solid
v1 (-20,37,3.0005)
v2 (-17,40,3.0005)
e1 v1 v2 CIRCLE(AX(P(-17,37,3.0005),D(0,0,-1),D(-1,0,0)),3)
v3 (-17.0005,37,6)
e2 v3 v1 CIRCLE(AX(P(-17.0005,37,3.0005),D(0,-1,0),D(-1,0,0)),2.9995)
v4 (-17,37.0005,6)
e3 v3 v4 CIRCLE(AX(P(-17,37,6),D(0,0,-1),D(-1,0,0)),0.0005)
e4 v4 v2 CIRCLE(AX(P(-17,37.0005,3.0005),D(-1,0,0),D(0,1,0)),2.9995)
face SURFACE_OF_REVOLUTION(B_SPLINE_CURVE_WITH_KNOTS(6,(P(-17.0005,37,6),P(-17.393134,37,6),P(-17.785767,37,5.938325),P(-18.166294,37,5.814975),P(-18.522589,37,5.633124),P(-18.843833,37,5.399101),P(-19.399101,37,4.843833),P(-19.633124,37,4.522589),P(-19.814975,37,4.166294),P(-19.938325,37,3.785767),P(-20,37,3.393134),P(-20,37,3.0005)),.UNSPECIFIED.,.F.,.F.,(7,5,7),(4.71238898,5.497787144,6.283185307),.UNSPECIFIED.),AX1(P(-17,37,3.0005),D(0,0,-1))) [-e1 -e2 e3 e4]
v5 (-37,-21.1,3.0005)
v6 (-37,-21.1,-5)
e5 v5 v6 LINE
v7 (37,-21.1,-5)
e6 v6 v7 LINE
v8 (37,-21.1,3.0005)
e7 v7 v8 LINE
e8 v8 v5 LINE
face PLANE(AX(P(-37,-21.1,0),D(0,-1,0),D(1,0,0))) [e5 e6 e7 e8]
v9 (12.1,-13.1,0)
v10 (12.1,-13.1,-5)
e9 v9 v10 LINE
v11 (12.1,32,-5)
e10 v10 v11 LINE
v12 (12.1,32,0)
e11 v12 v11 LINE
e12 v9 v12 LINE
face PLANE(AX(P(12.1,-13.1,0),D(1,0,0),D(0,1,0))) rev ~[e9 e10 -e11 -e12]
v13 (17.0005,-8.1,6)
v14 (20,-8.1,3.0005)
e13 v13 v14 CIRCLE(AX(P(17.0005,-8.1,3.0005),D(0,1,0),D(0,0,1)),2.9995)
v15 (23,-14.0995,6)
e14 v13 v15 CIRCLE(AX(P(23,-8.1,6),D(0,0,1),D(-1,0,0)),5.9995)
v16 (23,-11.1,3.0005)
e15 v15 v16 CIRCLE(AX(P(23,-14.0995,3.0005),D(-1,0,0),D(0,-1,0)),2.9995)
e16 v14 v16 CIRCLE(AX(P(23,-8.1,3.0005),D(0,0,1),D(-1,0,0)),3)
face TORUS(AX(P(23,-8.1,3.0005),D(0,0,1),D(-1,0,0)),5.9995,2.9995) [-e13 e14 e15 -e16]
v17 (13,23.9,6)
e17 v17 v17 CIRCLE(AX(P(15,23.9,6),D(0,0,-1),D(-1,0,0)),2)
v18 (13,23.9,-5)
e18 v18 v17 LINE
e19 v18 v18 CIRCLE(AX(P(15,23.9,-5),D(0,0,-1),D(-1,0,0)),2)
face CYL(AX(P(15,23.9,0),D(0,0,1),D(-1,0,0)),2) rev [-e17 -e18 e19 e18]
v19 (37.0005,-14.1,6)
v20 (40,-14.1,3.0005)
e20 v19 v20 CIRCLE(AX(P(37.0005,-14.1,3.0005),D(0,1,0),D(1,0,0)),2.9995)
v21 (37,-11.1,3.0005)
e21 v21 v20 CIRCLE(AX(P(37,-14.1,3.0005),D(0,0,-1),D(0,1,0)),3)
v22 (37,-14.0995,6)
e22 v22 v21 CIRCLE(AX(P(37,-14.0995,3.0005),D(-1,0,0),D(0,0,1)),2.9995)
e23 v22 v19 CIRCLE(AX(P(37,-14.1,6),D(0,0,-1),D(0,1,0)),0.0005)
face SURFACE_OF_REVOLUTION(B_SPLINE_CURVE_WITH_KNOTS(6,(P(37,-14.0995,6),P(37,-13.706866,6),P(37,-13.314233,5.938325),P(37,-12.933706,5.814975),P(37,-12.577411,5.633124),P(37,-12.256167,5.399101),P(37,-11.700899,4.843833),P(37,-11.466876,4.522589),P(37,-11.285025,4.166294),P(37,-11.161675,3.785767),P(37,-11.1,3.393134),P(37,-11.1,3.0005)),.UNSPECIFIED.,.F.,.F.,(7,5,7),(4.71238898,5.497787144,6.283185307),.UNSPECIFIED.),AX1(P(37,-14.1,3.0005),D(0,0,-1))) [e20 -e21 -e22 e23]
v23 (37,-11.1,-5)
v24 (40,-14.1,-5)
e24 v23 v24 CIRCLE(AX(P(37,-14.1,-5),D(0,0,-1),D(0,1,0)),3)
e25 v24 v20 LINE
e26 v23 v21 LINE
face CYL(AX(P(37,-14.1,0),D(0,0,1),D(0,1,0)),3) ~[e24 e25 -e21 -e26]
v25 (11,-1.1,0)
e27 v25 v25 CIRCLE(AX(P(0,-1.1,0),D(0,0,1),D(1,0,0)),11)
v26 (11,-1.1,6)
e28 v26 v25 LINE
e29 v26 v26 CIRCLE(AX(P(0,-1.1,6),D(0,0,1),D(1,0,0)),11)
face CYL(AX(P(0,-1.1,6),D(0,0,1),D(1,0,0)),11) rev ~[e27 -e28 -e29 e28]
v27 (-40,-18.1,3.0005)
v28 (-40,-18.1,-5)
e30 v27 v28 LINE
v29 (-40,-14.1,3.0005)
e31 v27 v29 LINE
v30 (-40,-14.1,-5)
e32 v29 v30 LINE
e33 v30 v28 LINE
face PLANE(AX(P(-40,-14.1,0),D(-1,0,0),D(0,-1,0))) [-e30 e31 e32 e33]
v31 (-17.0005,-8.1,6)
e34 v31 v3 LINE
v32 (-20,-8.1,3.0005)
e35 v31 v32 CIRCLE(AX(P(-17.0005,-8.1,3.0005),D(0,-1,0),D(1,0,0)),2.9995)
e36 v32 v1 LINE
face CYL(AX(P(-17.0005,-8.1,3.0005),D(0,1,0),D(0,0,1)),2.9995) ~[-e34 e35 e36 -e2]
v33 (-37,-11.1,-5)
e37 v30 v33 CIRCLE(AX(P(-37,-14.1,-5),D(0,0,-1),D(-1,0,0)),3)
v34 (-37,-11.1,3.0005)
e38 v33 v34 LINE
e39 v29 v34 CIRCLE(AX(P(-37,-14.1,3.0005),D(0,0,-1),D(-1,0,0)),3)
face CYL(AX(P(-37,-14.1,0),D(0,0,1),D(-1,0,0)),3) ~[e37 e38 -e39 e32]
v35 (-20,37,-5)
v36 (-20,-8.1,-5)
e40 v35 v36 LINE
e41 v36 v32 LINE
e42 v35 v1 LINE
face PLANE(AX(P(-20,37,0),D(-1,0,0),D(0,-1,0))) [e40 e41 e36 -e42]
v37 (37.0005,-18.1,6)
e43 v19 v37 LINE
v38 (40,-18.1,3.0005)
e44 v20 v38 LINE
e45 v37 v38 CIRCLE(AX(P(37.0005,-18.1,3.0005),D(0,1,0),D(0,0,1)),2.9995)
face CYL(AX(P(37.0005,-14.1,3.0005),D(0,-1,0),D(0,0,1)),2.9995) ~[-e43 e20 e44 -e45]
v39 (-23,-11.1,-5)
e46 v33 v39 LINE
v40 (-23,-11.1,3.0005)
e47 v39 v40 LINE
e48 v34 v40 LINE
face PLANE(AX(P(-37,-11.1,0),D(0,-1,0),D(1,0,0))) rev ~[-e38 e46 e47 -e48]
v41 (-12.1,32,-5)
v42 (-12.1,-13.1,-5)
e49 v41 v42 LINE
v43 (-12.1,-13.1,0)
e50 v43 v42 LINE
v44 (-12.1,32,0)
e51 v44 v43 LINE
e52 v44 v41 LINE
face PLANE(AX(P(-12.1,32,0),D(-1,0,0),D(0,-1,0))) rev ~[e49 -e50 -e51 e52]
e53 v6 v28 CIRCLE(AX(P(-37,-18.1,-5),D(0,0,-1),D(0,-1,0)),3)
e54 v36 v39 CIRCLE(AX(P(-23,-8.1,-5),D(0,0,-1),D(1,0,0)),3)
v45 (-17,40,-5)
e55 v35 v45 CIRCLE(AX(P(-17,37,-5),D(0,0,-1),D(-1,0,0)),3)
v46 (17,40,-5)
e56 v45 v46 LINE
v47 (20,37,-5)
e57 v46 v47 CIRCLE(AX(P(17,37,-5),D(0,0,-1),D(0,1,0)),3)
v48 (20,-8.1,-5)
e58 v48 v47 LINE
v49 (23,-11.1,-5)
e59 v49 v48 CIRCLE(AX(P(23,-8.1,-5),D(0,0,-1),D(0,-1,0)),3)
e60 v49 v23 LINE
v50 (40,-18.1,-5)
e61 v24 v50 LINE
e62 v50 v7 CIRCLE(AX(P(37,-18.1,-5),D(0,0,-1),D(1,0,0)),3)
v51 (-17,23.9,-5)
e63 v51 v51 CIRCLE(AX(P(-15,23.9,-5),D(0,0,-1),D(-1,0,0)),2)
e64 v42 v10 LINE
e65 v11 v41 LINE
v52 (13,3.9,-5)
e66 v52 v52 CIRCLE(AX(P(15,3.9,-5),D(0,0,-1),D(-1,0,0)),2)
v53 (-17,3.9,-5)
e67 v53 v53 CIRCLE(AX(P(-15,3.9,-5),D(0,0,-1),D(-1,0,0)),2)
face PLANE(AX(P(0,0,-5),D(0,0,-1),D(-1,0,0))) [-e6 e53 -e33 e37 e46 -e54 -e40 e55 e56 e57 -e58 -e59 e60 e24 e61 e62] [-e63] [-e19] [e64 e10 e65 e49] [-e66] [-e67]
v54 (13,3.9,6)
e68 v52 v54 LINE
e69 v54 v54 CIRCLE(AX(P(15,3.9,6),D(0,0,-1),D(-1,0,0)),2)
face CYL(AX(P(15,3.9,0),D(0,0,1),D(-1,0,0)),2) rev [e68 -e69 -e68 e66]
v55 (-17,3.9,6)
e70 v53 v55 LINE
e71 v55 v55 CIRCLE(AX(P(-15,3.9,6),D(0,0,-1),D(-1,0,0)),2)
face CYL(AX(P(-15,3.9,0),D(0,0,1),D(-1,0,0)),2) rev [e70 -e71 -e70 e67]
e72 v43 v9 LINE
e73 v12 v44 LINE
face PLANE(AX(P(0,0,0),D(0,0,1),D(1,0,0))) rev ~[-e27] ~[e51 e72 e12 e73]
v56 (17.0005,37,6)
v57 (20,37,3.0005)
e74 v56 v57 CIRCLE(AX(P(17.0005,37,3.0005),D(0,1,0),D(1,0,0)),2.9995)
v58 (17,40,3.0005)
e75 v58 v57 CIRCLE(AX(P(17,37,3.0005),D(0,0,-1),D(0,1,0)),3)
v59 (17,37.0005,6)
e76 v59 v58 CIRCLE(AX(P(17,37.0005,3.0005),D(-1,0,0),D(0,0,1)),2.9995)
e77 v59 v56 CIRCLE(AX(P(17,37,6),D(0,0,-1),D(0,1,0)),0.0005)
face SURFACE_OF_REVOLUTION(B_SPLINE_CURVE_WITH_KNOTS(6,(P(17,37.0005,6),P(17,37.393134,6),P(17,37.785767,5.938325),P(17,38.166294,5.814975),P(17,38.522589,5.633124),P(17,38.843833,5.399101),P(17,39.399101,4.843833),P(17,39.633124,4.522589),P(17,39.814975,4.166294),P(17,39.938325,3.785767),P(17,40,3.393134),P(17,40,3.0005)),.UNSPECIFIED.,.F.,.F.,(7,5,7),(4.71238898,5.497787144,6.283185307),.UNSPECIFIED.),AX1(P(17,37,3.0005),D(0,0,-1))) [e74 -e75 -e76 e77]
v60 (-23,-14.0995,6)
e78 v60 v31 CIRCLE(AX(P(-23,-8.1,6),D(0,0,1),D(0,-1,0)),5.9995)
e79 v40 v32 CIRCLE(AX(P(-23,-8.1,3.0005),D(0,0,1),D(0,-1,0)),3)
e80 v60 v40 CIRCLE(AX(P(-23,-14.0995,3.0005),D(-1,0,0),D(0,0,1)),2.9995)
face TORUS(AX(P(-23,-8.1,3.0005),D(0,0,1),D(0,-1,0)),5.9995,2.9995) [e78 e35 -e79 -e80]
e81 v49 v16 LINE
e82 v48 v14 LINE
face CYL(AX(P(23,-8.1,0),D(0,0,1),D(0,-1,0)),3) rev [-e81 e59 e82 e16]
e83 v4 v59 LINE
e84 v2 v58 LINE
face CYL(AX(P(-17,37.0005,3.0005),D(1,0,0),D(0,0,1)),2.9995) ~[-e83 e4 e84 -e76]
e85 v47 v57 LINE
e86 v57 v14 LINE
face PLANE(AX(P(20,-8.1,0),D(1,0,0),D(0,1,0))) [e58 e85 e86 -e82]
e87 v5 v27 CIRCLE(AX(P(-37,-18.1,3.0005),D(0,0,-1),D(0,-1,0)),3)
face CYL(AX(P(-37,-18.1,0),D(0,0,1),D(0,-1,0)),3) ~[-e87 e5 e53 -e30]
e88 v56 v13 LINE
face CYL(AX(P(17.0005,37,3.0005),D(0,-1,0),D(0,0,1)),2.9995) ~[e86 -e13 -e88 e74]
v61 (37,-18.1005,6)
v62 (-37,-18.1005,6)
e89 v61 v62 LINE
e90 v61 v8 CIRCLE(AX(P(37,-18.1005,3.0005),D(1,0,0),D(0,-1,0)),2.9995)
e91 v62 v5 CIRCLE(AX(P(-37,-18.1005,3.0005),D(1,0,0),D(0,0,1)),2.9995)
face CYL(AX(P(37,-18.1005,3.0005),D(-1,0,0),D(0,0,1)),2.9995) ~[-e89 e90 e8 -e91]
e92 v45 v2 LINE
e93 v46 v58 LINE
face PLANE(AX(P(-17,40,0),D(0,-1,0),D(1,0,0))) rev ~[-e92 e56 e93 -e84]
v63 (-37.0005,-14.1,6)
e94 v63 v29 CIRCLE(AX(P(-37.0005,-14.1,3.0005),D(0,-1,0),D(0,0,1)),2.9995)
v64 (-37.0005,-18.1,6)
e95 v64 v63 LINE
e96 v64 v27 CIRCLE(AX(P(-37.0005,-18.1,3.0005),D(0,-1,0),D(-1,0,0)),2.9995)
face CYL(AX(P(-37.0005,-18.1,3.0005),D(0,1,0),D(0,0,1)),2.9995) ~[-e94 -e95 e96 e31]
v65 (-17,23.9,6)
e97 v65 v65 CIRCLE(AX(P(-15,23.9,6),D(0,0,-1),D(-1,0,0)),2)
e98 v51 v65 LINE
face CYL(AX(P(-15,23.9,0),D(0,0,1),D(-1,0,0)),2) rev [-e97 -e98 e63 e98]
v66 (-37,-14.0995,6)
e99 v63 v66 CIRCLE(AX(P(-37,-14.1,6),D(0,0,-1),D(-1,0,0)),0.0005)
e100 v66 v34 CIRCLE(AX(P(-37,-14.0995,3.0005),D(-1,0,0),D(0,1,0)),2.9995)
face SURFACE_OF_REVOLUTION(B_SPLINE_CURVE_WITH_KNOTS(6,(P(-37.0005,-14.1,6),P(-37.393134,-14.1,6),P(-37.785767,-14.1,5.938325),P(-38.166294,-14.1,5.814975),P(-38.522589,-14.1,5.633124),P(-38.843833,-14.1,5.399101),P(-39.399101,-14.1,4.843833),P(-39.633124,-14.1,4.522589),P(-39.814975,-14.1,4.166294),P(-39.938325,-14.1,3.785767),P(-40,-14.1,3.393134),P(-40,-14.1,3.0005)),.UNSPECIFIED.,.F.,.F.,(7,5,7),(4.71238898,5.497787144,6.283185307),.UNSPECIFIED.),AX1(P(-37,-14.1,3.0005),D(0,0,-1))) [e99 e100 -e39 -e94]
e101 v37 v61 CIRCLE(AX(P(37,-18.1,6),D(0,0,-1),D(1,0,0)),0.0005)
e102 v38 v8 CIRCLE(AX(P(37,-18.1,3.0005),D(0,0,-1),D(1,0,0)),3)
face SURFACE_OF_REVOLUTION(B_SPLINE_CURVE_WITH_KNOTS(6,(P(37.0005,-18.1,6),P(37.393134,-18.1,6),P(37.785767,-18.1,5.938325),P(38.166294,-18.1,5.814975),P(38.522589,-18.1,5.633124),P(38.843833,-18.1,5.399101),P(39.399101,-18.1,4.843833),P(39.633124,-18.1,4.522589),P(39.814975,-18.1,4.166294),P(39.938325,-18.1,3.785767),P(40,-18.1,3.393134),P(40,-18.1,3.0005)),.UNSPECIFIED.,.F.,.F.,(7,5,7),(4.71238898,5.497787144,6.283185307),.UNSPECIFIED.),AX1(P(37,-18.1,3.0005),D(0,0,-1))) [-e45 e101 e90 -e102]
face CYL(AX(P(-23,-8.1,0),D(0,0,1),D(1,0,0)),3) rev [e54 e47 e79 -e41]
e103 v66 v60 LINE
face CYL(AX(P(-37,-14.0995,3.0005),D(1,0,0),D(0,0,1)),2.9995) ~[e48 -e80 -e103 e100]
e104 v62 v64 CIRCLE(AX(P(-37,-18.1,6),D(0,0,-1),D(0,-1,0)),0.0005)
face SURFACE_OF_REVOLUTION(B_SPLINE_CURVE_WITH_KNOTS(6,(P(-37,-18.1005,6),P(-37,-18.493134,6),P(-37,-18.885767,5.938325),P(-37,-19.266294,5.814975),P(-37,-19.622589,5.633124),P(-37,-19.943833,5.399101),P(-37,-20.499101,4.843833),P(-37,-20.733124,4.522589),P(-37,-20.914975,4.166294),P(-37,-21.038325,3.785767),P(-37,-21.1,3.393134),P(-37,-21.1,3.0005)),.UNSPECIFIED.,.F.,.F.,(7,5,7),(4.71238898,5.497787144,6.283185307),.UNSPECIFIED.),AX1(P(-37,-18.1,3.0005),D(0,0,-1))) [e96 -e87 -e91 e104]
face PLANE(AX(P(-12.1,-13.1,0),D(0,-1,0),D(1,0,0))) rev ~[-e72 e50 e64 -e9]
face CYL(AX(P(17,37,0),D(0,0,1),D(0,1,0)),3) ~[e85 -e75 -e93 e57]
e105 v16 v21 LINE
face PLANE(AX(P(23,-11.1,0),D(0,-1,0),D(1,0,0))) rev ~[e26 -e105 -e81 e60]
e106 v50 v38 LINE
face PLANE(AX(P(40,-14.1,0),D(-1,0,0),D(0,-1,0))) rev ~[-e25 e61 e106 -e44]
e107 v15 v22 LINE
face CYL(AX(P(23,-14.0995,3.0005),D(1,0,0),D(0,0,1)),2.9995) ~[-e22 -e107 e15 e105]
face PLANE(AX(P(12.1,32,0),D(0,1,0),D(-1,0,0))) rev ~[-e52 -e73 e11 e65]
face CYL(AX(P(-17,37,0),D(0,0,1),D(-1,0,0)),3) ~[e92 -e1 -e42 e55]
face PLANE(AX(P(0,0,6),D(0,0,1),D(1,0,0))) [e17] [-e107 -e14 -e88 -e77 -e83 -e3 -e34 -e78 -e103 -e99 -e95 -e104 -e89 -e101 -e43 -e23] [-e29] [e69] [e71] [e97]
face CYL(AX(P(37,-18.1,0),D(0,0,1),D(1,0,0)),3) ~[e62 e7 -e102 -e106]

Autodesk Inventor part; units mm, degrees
ref_plane "YZ Plane" through (0, 0, 0) normal (1, 0, 0) x (0, 1, 0)
ref_plane "XZ Plane" through (0, 0, 0) normal (0, 1, 0) x (-1, 0, 0)
ref_plane "XY Plane" through (0, 0, 0) normal (0, 0, 1) x (1, 0, 0)
sketch "Sketch1" plane through (0, 0, 0) normal (0, 0, 1) x (1, 0, 0)
  line L0 (-40, -40) -> (40, -40)
  line L1 (40, -40) -> (40, 40)
  line L2 (40, 40) -> (-40, 40)
  line L3 (-40, 40) -> (-40, -40)
  line L4 (-40, -40) -> (40, 40) construction
  line L5 (40, -40) -> (-40, 40) construction
  point P0 (0, 0)
  dimension "d0" = 80
  dimension "d1" = 80
extrude "Extrusion1" add sketch "Sketch1" along normal blind 6
sketch "Sketch2" plane through (0, 0, 0) normal (0, 0, -1) x (-1, 0, 0)
  arc A0 (37, -21.1) -> (40, -18.1) centre (37, -18.1) ccw projected
  line L0 (37, -21.1) -> (-37, -21.1) projected
  arc A1 (-40, -18.1) -> (-37, -21.1) centre (-37, -18.1) ccw projected
  line L1 (-40, -14.1) -> (-40, -18.1) projected
  arc A2 (-37, -11.1) -> (-40, -14.1) centre (-37, -14.1) ccw projected
  line L2 (-23, -11.1) -> (-37, -11.1) projected
  arc A3 (-23, -11.1) -> (-20, -8.1) centre (-23, -8.1) ccw projected
  line L3 (-20, -8.1) -> (-20, 37) projected
  arc A4 (-17, 40) -> (-20, 37) centre (-17, 37) ccw projected
  line L4 (17, 40) -> (-17, 40) projected
  arc A5 (20, 37) -> (17, 40) centre (17, 37) ccw projected
  line L5 (20, 37) -> (20, -8.1) projected
  arc A6 (20, -8.1) -> (23, -11.1) centre (23, -8.1) ccw projected
  line L6 (37, -11.1) -> (23, -11.1) projected
  arc A7 (40, -14.1) -> (37, -11.1) centre (37, -14.1) ccw projected
  line L7 (40, -14.1) -> (40, -18.1) projected
  circle A8 centre (15, 3.9) radius 2 projected
  circle A9 centre (-15, 3.9) radius 2 projected
  circle A10 centre (15, 23.9) radius 2 projected
  circle A11 centre (-15, 23.9) radius 2 projected
  line L8 (12.1, 32) -> (12.1, -13.1) projected
  line L9 (-12.1, 32) -> (12.1, 32) projected
  line L10 (-12.1, -13.1) -> (-12.1, 32) projected
  line L11 (12.1, -13.1) -> (-12.1, -13.1) projected
  circle A12 centre (0, -1.1) radius 7.5 projected
  line L12 (-40, -40) -> (40, -40)
  line L13 (40, -40) -> (40, 40)
  line L14 (40, 40) -> (-40, 40)
  line L15 (-40, 40) -> (-40, -40)
  line L16 (-40, -40) -> (40, 40) construction
  line L17 (40, -40) -> (-40, 40) construction
  line L18 (-40, 40) -> (40, 40) projected
  line L19 (40, 40) -> (40, -40) projected
  line L20 (-40, -40) -> (-40, 40) projected
  line L21 (40, -40) -> (-40, -40) projected
  point P0 (0, 0)
  point P1 (0, 0)
  point P2 (-40, -18.1)
extrude "Extrusion2" cut sketch "Sketch2" against normal blind 6 contours A0 L13 L12 L15 A1 L0 | A7 L6 A6 L5 A5 L14 L13 | L15 L14 A4 L3 A3 L2 A2 | A8 | A9 | A10 | A11 | A12
sketch "Sketch3" plane through (0, 0, 0) normal (0, 0, -1) x (-1, 0, 0)
  arc A0 (37, -21.1) -> (40, -18.1) centre (37, -18.1) ccw projected
  line L0 (37, -21.1) -> (-37, -21.1) projected
  arc A1 (-40, -18.1) -> (-37, -21.1) centre (-37, -18.1) ccw projected
  line L1 (-40, -14.1) -> (-40, -18.1) projected
  arc A2 (-37, -11.1) -> (-40, -14.1) centre (-37, -14.1) ccw projected
  line L2 (-23, -11.1) -> (-37, -11.1) projected
  arc A3 (-23, -11.1) -> (-20, -8.1) centre (-23, -8.1) ccw projected
  line L3 (-20, -8.1) -> (-20, 37) projected
  arc A4 (-17, 40) -> (-20, 37) centre (-17, 37) ccw projected
  line L4 (17, 40) -> (-17, 40) projected
  arc A5 (20, 37) -> (17, 40) centre (17, 37) ccw projected
  line L5 (20, 37) -> (20, -8.1) projected
  arc A6 (20, -8.1) -> (23, -11.1) centre (23, -8.1) ccw projected
  line L6 (37, -11.1) -> (23, -11.1) projected
  arc A7 (40, -14.1) -> (37, -11.1) centre (37, -14.1) ccw projected
  line L7 (40, -14.1) -> (40, -18.1) projected
  circle A8 centre (15, 3.9) radius 2 projected
  circle A9 centre (-15, 3.9) radius 2 projected
  circle A10 centre (15, 23.9) radius 2 projected
  circle A11 centre (-15, 23.9) radius 2 projected
  line L8 (12.1, 32) -> (12.1, -13.1) projected
  line L9 (-12.1, 32) -> (12.1, 32) projected
  line L10 (-12.1, -13.1) -> (-12.1, 32) projected
  line L11 (12.1, -13.1) -> (-12.1, -13.1) projected
  point P0 (0, 0)
extrude "Extrusion3" add sketch "Sketch3" along normal blind 5
sketch "Sketch4" plane through (0, 0, 6) normal (0, 0, 1) x (1, 0, 0)
  circle A0 centre (0, -1.1) radius 7.5 projected
  circle A1 centre (0, -1.1) radius 11
  point P0 (0, 0)
  dimension "d8" = 22
extrude "Extrusion4" cut sketch "Sketch4" against normal through all
fillet "Fillet1" radius 3 16 edges at (-19.1213, 39.1213, 6) (-20, 14.45, 6) (-20.8787, -10.2213, 6) (-30, -11.1, 6) (-39.1213, -11.9787, 6) (-40, -16.1, 6) (-39.1213, -20.2213, 6) (0, -21.1, 6) (39.1213, -20.2213, 6) (40, -16.1, 6) (39.1213, -11.9787, 6) (30, -11.1, 6) (20.8787, -10.2213, 6) (20, 14.45, 6) (19.1213, 39.1213, 6) (0, 40, 6)
properties part number "stopper_motor_bracket_cover"
